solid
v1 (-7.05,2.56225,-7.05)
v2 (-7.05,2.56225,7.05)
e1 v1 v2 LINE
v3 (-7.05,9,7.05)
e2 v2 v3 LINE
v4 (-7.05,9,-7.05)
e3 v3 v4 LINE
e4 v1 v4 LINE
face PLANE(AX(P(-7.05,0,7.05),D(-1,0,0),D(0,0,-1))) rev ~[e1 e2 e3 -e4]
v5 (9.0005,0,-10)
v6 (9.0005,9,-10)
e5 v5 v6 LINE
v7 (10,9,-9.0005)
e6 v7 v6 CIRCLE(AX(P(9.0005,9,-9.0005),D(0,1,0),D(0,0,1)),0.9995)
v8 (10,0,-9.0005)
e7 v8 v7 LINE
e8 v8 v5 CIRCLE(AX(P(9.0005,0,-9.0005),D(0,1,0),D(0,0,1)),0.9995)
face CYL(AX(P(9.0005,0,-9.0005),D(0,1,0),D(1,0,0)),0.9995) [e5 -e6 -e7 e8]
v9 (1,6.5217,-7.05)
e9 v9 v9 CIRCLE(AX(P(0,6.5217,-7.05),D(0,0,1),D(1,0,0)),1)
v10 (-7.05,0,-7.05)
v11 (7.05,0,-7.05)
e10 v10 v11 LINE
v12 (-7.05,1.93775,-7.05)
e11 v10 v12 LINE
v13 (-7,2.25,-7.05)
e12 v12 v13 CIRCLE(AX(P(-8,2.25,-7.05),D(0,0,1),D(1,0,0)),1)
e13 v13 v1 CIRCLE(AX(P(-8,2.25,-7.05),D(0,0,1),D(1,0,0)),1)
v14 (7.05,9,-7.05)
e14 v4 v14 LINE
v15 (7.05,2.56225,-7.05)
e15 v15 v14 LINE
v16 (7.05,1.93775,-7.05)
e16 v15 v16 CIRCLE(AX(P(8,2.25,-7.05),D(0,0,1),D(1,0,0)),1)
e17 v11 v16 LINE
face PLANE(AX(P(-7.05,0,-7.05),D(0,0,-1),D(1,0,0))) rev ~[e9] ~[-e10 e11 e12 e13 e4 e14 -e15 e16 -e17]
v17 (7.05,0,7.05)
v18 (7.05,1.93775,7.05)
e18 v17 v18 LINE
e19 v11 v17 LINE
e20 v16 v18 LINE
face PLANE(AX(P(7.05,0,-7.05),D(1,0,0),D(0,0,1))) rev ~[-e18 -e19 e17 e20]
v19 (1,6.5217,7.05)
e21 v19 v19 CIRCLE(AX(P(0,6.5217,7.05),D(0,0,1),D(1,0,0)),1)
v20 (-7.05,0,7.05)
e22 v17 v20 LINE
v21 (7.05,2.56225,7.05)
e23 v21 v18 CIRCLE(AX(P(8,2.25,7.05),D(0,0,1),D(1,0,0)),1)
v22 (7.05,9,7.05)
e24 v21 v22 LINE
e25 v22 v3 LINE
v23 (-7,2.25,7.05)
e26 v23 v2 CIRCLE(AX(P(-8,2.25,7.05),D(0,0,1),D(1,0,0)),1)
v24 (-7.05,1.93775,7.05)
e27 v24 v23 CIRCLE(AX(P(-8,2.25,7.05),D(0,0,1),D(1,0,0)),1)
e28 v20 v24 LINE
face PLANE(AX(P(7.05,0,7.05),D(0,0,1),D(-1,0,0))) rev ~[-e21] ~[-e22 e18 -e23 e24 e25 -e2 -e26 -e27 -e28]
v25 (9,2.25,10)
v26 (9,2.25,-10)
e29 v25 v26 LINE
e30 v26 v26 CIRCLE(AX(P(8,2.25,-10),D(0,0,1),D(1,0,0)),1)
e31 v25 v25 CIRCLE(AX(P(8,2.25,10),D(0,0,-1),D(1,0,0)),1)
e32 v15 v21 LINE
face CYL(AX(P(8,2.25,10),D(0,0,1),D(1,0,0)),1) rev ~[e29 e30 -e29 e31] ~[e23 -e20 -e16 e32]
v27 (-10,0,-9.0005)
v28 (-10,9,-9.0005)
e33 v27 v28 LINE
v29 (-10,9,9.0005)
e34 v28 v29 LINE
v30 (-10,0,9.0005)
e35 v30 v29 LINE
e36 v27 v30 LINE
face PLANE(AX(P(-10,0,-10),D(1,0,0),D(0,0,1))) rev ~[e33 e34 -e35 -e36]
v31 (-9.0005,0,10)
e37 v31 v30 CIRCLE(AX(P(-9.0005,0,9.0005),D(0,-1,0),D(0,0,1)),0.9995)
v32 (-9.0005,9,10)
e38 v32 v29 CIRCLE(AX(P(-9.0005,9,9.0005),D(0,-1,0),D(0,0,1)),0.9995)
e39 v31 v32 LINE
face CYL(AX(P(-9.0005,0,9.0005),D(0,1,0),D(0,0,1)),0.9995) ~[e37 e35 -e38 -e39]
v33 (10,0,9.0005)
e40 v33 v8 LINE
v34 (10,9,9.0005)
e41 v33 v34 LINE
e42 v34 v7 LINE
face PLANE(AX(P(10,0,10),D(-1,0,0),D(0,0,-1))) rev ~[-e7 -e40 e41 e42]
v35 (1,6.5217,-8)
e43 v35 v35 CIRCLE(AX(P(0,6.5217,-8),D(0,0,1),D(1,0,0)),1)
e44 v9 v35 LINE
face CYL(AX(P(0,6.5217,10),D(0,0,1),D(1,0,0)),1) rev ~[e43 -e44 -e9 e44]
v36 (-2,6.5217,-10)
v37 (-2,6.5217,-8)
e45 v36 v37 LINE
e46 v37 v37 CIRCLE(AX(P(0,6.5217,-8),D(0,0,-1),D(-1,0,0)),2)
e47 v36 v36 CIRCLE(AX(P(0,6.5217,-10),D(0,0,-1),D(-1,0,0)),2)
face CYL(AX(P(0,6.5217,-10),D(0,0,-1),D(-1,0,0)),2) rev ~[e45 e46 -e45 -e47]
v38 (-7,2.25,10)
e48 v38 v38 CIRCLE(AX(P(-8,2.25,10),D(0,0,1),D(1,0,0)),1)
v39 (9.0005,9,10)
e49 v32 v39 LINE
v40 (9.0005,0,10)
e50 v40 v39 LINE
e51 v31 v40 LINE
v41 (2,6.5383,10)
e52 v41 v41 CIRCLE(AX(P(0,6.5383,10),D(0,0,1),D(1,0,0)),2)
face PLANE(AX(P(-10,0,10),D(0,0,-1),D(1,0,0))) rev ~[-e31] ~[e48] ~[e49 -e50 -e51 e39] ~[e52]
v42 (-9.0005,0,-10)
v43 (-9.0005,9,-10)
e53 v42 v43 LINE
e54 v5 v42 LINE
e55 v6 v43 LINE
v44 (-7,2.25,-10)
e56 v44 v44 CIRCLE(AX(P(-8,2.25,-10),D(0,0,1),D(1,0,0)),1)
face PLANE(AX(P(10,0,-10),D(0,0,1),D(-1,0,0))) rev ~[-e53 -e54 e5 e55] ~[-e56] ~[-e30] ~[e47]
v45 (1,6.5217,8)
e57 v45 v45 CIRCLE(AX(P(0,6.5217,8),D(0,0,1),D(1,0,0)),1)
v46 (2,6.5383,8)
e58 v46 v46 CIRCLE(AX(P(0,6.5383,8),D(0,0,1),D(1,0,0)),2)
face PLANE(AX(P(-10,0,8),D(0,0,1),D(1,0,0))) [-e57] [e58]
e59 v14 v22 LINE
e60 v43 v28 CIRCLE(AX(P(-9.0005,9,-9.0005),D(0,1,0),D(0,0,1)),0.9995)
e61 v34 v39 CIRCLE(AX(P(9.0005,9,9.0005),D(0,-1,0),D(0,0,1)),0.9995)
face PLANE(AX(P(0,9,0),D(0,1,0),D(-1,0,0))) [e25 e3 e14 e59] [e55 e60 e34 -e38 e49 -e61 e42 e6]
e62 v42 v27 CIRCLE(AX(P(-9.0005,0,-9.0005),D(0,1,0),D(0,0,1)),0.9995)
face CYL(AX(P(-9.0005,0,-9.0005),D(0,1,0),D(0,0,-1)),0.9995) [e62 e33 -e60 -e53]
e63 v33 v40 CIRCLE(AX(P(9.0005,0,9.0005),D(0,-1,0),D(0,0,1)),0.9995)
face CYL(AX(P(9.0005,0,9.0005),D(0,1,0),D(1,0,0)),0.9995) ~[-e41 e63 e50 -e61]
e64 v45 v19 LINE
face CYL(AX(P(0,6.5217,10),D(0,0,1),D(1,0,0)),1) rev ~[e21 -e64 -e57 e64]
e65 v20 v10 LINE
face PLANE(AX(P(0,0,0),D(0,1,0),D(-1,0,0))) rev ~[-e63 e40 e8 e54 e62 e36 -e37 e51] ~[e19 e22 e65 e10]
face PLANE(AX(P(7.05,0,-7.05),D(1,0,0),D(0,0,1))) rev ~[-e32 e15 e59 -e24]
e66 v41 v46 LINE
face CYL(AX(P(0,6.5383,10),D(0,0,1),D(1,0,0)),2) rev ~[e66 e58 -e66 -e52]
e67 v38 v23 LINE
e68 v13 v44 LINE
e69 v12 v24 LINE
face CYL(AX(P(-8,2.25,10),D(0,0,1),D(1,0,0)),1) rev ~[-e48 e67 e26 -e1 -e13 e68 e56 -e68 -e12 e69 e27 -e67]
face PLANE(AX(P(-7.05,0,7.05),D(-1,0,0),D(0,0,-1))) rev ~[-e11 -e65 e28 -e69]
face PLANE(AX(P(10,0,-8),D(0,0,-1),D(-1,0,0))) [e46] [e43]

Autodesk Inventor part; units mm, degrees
ref_plane "YZ Plane" through (0, 0, 0) normal (1, 0, 0) x (0, 1, 0)
ref_plane "XZ Plane" through (0, 0, 0) normal (0, 1, 0) x (-1, 0, 0)
ref_plane "XY Plane" through (0, 0, 0) normal (0, 0, 1) x (1, 0, 0)
sketch "Эскиз1" plane through (0, 0, 0) normal (0, 1, 0) x (-1, 0, 0)
  line L0 (7.05, -7.05) -> (-7.05, -7.05)
  line L1 (-7.05, -7.05) -> (-7.05, 7.05)
  line L2 (-7.05, 7.05) -> (7.05, 7.05)
  line L3 (7.05, 7.05) -> (7.05, -7.05)
  line L4 (7.05, -7.05) -> (-7.05, 7.05) construction
  line L5 (-7.05, -7.05) -> (7.05, 7.05) construction
  line L6 (-10, -10) -> (10, -10)
  line L7 (10, -10) -> (10, 10)
  line L8 (10, 10) -> (-10, 10)
  line L9 (-10, 10) -> (-10, -10)
  line L10 (-10, -10) -> (10, 10) construction
  line L11 (10, -10) -> (-10, 10) construction
  point P0 (0, 0)
  dimension "d0" = 14.1
  dimension "d1" = 14.1
  dimension "d2" = 20
  dimension "d3" = 20
extrude "Выдавливание1" add sketch "Эскиз1" along normal blind 9
sketch "Эскиз2" plane through (-10, 0, 10) normal (0, 0, 1) x (1, 0, 0)
  line L0 (0, 0) -> (0, 9) projected
  line L1 (20, 9) -> (0, 9) projected
  line L2 (0, 0) -> (20, 9)
  line L3 (0, 9) -> (20, 0)
  line L4 (0, 4.5) -> (20, 4.5)
  line L5 (20, 0) -> (0, 0) projected
  line L6 (20, 4.5) -> (0, 0)
  line L7 (0, 4.5) -> (20, 0)
  line L8 (10, 2.25) -> (2, 2.25)
  line L9 (2, 2.25) -> (18, 2.25)
  circle A0 centre (2, 2.25) radius 1
  circle A1 centre (18, 2.25) radius 1
  circle A2 centre (10, 6.5217) radius 1
  circle A3 centre (10, 6.5217) radius 2
  point P0 (10, 0)
  dimension "d6" = 8
  dimension "d7" = 16
  dimension "d8" = 2
  dimension "d9" = 2
  dimension "d10" = 2
  dimension "d11" = 4
sketch "Эскиз3" plane through (-10, 0, 10) normal (0, 0, 1) x (1, 0, 0)
  circle A0 centre (10, 6.5383) radius 2
  point P0 (10, 0)
  dimension "d12" = 4
extrude "Выдавливание2" cut sketch "Эскиз2" against normal blind 25 contours A1 | A0 | A2
sketch "Эскиз4" plane through (10, 0, -10) normal (0, 0, -1) x (-1, 0, 0)
  circle A0 centre (10, 6.5217) radius 1 projected
  circle A1 centre (10, 6.5217) radius 2
  point P0 (10, 0)
  dimension "d15" = 4
extrude "Выдавливание3" cut sketch "Эскиз3" against normal blind 2
extrude "Выдавливание4" cut sketch "Эскиз4" against normal blind 2
fillet "Сопряжение1" radius 1 4 edges at (-10, 4.5, 10) (10, 4.5, 10) (10, 4.5, -10) (-10, 4.5, -10)
